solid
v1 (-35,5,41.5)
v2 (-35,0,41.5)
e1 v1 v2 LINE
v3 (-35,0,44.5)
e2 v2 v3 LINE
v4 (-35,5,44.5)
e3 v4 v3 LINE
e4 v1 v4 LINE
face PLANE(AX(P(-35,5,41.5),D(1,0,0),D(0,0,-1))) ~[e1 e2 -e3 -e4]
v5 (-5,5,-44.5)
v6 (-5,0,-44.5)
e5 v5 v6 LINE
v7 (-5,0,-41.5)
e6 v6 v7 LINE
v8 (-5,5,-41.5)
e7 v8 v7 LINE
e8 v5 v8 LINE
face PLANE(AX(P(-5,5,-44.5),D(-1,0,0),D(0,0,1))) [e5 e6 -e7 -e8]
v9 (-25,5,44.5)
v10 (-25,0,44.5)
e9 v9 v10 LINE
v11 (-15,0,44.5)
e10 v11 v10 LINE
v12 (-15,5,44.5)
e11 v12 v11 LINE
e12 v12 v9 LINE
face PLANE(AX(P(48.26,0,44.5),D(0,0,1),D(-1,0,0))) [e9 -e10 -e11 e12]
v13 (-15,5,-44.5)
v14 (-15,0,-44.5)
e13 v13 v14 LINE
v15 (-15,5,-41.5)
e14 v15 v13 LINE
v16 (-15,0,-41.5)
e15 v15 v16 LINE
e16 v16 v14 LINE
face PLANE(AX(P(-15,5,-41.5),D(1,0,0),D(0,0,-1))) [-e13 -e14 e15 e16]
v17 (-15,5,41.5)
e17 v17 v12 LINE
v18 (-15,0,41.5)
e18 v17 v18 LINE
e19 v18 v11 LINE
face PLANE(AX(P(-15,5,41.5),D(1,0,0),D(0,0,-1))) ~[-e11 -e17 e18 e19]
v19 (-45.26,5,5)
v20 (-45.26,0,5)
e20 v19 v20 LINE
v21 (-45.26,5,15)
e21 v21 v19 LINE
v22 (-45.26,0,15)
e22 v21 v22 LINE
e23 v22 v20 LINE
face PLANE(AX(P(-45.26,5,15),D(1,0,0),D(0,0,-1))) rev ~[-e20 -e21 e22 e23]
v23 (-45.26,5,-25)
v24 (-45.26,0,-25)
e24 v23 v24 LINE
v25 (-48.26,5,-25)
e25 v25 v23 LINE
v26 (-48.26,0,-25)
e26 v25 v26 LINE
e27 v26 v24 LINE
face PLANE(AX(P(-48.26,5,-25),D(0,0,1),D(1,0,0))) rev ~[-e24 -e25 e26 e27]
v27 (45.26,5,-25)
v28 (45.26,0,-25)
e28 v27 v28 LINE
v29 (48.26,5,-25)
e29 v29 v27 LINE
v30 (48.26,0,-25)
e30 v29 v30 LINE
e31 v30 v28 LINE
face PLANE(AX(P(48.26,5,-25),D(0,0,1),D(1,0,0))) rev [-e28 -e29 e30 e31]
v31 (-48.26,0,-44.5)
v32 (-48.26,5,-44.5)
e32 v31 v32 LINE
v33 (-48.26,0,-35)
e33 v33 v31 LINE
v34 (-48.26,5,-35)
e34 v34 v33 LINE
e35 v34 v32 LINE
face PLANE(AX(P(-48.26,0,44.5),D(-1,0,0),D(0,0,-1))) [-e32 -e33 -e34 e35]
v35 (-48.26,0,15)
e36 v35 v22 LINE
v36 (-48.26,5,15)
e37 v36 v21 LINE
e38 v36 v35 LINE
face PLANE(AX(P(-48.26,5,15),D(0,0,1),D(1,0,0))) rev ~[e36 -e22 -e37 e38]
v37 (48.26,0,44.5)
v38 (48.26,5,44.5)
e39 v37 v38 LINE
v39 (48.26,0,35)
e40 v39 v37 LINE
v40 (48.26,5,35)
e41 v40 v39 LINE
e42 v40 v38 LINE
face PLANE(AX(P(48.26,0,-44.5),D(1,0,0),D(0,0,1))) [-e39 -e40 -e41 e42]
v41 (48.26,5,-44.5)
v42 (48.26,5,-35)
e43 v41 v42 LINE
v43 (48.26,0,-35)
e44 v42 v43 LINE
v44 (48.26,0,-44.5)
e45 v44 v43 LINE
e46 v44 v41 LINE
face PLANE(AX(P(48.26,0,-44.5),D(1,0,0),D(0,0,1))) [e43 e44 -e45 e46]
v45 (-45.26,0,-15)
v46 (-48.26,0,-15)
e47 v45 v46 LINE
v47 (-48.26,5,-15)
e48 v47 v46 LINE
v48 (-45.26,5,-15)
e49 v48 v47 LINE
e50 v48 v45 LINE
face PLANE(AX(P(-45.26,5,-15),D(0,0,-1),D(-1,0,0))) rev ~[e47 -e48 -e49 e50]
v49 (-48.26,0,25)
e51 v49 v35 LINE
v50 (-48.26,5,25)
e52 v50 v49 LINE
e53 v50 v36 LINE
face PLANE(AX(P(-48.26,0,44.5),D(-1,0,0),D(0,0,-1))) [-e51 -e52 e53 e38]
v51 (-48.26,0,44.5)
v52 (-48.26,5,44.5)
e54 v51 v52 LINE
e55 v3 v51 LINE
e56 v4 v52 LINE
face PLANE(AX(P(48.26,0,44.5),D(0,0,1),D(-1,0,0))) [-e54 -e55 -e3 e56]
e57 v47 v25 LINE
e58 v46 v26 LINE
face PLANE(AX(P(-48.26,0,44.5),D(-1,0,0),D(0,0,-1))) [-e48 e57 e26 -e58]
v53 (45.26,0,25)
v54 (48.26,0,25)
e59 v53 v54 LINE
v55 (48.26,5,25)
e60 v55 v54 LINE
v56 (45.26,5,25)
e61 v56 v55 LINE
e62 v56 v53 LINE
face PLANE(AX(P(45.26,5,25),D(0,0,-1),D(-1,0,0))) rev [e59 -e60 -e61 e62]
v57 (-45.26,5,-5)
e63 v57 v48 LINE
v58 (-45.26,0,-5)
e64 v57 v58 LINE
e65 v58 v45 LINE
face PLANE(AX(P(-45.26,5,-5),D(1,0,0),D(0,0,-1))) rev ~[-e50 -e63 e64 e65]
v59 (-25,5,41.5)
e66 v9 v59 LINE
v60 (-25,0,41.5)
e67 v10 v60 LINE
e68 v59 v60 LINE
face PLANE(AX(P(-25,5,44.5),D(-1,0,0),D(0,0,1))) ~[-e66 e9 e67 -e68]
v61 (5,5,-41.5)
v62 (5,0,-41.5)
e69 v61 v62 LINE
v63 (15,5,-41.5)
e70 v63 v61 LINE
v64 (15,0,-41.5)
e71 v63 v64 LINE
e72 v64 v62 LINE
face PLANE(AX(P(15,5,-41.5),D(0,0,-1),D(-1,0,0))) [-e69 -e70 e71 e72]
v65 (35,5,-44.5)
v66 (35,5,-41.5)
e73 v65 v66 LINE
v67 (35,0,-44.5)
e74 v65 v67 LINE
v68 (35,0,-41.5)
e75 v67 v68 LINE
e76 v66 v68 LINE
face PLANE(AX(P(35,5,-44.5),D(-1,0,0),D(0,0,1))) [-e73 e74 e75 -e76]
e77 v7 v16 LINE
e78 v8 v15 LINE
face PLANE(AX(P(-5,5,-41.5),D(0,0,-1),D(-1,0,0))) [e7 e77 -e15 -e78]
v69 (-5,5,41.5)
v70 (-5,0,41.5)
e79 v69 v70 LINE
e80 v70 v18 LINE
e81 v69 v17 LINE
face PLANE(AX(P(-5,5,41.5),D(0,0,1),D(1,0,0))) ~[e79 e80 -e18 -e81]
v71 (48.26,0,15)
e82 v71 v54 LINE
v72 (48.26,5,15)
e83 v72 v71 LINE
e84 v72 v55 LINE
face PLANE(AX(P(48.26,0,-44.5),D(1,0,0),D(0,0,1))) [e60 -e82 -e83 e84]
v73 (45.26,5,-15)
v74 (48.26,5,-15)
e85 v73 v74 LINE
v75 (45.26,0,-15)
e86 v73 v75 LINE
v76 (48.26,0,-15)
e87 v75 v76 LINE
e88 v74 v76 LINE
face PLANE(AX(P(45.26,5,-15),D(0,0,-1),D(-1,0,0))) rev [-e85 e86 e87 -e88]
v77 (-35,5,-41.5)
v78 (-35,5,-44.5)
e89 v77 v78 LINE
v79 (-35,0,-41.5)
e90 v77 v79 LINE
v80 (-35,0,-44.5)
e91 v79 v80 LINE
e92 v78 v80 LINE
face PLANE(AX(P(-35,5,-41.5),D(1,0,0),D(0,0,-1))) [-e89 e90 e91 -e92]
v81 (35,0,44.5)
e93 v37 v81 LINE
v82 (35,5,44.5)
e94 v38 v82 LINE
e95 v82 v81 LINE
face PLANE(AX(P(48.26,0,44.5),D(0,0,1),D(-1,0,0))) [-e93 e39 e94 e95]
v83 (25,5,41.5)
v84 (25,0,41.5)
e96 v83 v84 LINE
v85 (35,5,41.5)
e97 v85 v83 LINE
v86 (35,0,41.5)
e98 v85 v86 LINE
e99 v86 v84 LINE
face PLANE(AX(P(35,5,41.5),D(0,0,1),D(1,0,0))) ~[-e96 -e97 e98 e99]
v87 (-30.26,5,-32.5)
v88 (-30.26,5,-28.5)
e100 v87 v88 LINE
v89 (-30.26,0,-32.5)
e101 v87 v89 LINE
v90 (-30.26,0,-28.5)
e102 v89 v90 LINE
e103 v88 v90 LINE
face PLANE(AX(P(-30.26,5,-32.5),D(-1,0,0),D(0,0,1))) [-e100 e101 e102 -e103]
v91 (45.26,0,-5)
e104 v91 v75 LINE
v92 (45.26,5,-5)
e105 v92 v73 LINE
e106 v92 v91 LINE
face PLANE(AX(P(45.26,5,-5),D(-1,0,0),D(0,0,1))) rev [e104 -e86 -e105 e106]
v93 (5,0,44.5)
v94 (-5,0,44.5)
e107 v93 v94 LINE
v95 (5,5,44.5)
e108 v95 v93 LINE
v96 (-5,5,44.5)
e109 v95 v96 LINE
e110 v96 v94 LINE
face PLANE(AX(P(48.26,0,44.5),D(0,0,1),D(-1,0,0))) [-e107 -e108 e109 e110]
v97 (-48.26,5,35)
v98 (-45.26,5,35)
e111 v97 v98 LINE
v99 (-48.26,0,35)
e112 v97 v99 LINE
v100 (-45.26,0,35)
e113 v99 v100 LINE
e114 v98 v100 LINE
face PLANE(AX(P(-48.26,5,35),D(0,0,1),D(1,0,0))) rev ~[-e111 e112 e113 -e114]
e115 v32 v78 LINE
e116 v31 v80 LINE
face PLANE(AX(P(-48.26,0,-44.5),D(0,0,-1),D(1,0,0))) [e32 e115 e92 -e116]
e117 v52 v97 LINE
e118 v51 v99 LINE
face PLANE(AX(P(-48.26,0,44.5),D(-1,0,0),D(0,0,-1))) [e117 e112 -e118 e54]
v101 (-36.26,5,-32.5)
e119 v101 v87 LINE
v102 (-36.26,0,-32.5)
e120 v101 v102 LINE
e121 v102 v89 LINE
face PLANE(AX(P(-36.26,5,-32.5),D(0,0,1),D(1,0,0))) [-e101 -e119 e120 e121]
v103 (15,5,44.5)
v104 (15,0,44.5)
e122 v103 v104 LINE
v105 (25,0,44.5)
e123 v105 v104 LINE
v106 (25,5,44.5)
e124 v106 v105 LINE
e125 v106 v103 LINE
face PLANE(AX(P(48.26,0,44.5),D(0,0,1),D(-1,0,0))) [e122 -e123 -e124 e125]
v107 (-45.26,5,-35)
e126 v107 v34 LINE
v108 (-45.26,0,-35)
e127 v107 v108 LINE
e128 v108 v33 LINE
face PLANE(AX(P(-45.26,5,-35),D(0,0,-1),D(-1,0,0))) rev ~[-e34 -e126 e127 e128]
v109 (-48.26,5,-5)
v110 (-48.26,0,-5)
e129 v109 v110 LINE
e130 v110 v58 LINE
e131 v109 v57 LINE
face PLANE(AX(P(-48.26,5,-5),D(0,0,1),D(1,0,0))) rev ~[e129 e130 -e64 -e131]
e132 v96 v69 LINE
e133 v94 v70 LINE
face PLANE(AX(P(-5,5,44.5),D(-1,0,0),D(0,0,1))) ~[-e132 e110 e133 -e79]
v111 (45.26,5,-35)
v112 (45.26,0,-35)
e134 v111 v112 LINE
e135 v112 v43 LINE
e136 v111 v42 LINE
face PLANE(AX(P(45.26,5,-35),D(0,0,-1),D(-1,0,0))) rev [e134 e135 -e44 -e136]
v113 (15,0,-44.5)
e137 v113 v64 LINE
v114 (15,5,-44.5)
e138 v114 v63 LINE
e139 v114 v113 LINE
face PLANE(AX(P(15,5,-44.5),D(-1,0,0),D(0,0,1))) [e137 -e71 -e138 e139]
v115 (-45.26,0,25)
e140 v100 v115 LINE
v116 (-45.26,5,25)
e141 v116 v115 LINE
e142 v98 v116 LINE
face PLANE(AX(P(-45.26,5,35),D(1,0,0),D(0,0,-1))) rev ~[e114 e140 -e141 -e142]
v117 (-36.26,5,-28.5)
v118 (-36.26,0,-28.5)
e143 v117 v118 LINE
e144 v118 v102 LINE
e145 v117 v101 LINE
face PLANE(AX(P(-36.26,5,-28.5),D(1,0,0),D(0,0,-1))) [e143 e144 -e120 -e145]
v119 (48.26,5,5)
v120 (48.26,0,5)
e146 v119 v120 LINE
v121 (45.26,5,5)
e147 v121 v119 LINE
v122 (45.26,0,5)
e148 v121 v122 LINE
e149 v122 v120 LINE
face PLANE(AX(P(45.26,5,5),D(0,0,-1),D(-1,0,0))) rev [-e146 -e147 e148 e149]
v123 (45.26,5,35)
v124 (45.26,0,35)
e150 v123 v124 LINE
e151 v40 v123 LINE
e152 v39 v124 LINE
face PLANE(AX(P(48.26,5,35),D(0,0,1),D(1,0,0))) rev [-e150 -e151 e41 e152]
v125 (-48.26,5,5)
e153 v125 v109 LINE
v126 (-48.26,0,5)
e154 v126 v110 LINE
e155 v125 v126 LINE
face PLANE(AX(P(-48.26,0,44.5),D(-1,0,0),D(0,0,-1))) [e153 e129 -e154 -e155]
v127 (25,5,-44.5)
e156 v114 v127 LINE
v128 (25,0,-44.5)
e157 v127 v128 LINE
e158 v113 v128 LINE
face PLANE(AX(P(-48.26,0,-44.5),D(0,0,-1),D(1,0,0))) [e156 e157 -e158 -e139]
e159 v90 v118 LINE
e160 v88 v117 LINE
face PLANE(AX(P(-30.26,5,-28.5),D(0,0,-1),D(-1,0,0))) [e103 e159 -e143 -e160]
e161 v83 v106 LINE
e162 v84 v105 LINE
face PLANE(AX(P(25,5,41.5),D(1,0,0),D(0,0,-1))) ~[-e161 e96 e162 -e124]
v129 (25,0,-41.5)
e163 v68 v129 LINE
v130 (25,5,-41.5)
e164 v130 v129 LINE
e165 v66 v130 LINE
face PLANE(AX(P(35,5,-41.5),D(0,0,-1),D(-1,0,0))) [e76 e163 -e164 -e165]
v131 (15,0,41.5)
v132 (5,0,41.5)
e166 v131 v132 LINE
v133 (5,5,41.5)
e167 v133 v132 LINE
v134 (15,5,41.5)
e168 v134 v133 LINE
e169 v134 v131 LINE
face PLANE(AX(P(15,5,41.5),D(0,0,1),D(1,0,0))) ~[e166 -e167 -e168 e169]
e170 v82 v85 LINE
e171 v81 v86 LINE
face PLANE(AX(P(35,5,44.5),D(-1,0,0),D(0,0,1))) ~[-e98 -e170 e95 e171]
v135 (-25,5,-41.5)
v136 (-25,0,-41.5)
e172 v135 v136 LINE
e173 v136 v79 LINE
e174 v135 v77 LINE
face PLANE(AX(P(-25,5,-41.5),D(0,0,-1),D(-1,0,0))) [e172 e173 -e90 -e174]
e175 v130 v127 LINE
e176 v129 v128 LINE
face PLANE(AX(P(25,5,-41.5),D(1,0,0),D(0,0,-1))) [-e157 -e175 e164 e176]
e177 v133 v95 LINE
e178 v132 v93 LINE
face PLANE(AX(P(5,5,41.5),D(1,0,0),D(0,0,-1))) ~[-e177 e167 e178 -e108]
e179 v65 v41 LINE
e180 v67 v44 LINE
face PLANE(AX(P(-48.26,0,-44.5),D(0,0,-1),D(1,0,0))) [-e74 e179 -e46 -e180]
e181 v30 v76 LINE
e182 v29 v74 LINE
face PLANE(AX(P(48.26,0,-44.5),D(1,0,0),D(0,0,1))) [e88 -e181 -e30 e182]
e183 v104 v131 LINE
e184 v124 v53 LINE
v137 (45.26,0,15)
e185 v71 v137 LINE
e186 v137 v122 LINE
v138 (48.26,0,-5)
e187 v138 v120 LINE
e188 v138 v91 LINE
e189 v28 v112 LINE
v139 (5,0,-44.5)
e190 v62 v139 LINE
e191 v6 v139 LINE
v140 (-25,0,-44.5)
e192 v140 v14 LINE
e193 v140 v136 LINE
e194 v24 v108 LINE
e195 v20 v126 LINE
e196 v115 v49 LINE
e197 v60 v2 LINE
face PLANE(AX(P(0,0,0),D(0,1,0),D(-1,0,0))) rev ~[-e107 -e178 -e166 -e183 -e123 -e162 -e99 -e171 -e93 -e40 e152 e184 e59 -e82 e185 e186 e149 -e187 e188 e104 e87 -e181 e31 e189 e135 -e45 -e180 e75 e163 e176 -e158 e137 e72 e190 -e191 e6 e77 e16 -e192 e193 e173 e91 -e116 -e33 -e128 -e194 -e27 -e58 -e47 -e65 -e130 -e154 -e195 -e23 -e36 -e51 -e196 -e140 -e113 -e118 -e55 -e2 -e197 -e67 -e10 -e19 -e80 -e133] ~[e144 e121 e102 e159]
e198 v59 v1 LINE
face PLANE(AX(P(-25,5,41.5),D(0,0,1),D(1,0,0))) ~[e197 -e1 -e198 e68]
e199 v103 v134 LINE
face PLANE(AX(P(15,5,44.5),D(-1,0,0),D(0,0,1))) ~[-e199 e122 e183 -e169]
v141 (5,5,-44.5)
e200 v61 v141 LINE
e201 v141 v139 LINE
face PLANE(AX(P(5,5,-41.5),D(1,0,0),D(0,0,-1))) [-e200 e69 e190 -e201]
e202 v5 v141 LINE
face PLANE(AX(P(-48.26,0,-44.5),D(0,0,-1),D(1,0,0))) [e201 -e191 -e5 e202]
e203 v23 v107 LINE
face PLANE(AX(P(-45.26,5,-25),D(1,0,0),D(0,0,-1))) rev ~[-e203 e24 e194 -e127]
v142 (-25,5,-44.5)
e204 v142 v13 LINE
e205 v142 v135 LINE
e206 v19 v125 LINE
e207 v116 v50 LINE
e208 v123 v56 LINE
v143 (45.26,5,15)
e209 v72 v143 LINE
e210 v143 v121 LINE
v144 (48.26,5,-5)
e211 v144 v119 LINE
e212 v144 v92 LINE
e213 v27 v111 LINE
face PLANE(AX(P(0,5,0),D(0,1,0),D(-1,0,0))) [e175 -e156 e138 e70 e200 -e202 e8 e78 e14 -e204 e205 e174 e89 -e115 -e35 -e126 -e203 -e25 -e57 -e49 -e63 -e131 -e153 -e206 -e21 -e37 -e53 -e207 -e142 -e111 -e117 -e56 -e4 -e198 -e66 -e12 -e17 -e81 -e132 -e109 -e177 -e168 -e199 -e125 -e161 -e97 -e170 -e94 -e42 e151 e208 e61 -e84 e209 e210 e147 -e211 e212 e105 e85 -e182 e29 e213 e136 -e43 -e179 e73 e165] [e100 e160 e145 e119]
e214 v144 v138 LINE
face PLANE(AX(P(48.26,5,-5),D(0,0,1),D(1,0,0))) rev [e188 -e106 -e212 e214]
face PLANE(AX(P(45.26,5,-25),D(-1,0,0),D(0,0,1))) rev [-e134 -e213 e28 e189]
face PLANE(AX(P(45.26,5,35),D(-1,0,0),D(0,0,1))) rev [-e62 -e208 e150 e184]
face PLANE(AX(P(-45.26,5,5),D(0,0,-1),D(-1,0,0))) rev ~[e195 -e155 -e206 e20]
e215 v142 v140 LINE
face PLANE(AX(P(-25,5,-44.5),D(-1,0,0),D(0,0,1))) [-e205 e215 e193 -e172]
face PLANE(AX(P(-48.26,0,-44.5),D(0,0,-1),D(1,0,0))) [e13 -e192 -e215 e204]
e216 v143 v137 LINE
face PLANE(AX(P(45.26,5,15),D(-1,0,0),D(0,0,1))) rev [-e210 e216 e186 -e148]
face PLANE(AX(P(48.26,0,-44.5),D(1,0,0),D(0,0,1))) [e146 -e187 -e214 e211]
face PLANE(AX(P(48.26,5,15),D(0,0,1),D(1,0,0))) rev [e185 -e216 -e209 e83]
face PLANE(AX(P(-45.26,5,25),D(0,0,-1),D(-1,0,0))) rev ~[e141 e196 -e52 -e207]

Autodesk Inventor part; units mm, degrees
ref_plane "YZ Plane" through (0, 0, 0) normal (1, 0, 0) x (0, 1, 0)
ref_plane "XZ Plane" through (0, 0, 0) normal (0, 1, 0) x (-1, 0, 0)
ref_plane "XY Plane" through (0, 0, 0) normal (0, 0, 1) x (1, 0, 0)
sketch "Sketch2" plane through (0, 0, 0) normal (0, 1, 0) x (-1, 0, 0)
  line L0 (-48.26, 44.5) -> (48.26, 44.5)
  line L1 (48.26, 44.5) -> (48.26, -44.5)
  line L2 (48.26, -44.5) -> (-48.26, -44.5)
  line L3 (-48.26, -44.5) -> (-48.26, 44.5)
  line L4 (-48.26, 44.5) -> (48.26, -44.5) construction
  line L5 (48.26, 44.5) -> (-48.26, -44.5) construction
  point P0 (0, 0)
  dimension "d0" = 96.52
  dimension "d1" = 89
extrude "Extrusion1" add sketch "Sketch2" along normal blind 5
sketch "Sketch3" plane through (0, 5, 0) normal (0, 1, 0) x (1, 0, 0)
  line L0 (48.26, 44.5) -> (-48.26, 44.5) construction
  line L1 (-15, 44.5) -> (-5, 44.5)
  line L2 (-5, 44.5) -> (-5, 41.5)
  line L3 (-5, 41.5) -> (-15, 41.5)
  line L4 (-15, 41.5) -> (-15, 44.5)
  line L5 (0, 62.3) -> (0, -62.3) construction
  point P0 (0, 0)
  dimension "d4" = 10
  dimension "d5" = 3
  dimension "d6" = 5
extrude "Extrusion2" cut sketch "Sketch3" against normal through all
pattern_linear "Rectangular Pattern1" count 2 spacing 20 along (-1, 0, 0) count 2 spacing 40 along (1, 0, 0) of "Extrusion2"
mirror "Mirror1" about plane through (0, 0, 0) normal (0, 0, 1) of "Extrusion2", "Rectangular Pattern1"
sketch "Sketch4" plane through (0, 5, 0) normal (0, 1, 0) x (1, 0, 0)
  line L0 (-48.26, 44.5) -> (-48.26, -44.5) construction
  line L1 (-48.26, 5) -> (-45.26, 5)
  line L2 (-45.26, 5) -> (-45.26, 15)
  line L3 (-45.26, 15) -> (-48.26, 15)
  line L4 (-48.26, 15) -> (-48.26, 5)
  line L5 (67.564, 0) -> (-67.564, 0) construction
  point P0 (0, 0)
  dimension "d15" = 3
  dimension "d16" = 10
  dimension "d17" = 5
extrude "Extrusion3" cut sketch "Sketch4" against normal through all
pattern_linear "Rectangular Pattern2" count 2 spacing 20 along (0, 0, -1) count 2 spacing 40 along (0, 0, 1) of "Extrusion3"
mirror "Mirror2" about plane through (0, 0, 0) normal (1, 0, 0) of "Extrusion3", "Rectangular Pattern2"
sketch "Sketch5" plane through (0, 5, 0) normal (0, 1, 0) x (1, 0, 0)
  line L0 (-36.26, 32.5) -> (-30.26, 32.5)
  line L1 (-30.26, 32.5) -> (-30.26, 28.5)
  line L2 (-30.26, 28.5) -> (-36.26, 28.5)
  line L3 (-36.26, 28.5) -> (-36.26, 32.5)
  line L4 (-35, 44.5) -> (-48.26, 44.5) construction
  line L5 (-48.26, 25) -> (-48.26, 15) construction
  point P0 (0, 0)
  dimension "d26" = 6
  dimension "d27" = 4
  dimension "d28" = 12
  dimension "d29" = 12
extrude "Extrusion4" cut sketch "Sketch5" against normal through all
equation "\"d0\" = Module_Width"
equation "\"d1\" = Module_Height"
equation "\"d2\" = Module_Back_Thickness"
equation "\"d4\" = Module_Case_SlotWidth"
equation "\"d5\" = Module_Case_SlotDepth"
equation "\"d6\" = 0.5 * Module_Case_SlotWidth"
equation "\"d7\" = ModuleBottomThickness"
equation "\"d11\" = 2 * Module_Case_SlotWidth"
equation "\"d14\" = 4 * Module_Case_SlotWidth"
equation "\"d15\" = Module_Case_SlotDepth"
equation "\"d16\" = Module_Case_SlotWidth"
equation "\"d17\" = 0.5 * Module_Case_SlotWidth"
equation "\"d18\" = ModuleBottomThickness"
equation "\"d22\" = 2 * Module_Case_SlotWidth"
equation "\"d25\" = 4 * Module_Case_SlotWidth"
equation "\"d26\" = Module_Connector_Width"
equation "\"d27\" = Module_Connector_Depth"
equation "\"d30\" = ModuleBottomThickness"
equation "\"ModuleBottomThickness\" = 5"
equation "\"RackWidth\" = 482.6"
equation "\"U\" = 44.5"
equation "\"Module_Width\" = 96.52"
equation "\"Module_Height\" = 89"
equation "\"Module_Case_Thickness\" = 3"
equation "\"Module_Back_Thickness\" = 5"
equation "\"Module_Case_SlotDepth\" = 3"
equation "\"Module_Case_SlotWidth\" = 10"
equation "\"Module_Connector_Width\" = 6"
equation "\"Module_Connector_Depth\" = 4"
equation "\"Module_StatusIndicatorDiameter\" = 5"
equation "\"Module_Case_BottomSlotDepth\" = 5"
properties part number "BackPlateBase" material "Wood (Birch)"
